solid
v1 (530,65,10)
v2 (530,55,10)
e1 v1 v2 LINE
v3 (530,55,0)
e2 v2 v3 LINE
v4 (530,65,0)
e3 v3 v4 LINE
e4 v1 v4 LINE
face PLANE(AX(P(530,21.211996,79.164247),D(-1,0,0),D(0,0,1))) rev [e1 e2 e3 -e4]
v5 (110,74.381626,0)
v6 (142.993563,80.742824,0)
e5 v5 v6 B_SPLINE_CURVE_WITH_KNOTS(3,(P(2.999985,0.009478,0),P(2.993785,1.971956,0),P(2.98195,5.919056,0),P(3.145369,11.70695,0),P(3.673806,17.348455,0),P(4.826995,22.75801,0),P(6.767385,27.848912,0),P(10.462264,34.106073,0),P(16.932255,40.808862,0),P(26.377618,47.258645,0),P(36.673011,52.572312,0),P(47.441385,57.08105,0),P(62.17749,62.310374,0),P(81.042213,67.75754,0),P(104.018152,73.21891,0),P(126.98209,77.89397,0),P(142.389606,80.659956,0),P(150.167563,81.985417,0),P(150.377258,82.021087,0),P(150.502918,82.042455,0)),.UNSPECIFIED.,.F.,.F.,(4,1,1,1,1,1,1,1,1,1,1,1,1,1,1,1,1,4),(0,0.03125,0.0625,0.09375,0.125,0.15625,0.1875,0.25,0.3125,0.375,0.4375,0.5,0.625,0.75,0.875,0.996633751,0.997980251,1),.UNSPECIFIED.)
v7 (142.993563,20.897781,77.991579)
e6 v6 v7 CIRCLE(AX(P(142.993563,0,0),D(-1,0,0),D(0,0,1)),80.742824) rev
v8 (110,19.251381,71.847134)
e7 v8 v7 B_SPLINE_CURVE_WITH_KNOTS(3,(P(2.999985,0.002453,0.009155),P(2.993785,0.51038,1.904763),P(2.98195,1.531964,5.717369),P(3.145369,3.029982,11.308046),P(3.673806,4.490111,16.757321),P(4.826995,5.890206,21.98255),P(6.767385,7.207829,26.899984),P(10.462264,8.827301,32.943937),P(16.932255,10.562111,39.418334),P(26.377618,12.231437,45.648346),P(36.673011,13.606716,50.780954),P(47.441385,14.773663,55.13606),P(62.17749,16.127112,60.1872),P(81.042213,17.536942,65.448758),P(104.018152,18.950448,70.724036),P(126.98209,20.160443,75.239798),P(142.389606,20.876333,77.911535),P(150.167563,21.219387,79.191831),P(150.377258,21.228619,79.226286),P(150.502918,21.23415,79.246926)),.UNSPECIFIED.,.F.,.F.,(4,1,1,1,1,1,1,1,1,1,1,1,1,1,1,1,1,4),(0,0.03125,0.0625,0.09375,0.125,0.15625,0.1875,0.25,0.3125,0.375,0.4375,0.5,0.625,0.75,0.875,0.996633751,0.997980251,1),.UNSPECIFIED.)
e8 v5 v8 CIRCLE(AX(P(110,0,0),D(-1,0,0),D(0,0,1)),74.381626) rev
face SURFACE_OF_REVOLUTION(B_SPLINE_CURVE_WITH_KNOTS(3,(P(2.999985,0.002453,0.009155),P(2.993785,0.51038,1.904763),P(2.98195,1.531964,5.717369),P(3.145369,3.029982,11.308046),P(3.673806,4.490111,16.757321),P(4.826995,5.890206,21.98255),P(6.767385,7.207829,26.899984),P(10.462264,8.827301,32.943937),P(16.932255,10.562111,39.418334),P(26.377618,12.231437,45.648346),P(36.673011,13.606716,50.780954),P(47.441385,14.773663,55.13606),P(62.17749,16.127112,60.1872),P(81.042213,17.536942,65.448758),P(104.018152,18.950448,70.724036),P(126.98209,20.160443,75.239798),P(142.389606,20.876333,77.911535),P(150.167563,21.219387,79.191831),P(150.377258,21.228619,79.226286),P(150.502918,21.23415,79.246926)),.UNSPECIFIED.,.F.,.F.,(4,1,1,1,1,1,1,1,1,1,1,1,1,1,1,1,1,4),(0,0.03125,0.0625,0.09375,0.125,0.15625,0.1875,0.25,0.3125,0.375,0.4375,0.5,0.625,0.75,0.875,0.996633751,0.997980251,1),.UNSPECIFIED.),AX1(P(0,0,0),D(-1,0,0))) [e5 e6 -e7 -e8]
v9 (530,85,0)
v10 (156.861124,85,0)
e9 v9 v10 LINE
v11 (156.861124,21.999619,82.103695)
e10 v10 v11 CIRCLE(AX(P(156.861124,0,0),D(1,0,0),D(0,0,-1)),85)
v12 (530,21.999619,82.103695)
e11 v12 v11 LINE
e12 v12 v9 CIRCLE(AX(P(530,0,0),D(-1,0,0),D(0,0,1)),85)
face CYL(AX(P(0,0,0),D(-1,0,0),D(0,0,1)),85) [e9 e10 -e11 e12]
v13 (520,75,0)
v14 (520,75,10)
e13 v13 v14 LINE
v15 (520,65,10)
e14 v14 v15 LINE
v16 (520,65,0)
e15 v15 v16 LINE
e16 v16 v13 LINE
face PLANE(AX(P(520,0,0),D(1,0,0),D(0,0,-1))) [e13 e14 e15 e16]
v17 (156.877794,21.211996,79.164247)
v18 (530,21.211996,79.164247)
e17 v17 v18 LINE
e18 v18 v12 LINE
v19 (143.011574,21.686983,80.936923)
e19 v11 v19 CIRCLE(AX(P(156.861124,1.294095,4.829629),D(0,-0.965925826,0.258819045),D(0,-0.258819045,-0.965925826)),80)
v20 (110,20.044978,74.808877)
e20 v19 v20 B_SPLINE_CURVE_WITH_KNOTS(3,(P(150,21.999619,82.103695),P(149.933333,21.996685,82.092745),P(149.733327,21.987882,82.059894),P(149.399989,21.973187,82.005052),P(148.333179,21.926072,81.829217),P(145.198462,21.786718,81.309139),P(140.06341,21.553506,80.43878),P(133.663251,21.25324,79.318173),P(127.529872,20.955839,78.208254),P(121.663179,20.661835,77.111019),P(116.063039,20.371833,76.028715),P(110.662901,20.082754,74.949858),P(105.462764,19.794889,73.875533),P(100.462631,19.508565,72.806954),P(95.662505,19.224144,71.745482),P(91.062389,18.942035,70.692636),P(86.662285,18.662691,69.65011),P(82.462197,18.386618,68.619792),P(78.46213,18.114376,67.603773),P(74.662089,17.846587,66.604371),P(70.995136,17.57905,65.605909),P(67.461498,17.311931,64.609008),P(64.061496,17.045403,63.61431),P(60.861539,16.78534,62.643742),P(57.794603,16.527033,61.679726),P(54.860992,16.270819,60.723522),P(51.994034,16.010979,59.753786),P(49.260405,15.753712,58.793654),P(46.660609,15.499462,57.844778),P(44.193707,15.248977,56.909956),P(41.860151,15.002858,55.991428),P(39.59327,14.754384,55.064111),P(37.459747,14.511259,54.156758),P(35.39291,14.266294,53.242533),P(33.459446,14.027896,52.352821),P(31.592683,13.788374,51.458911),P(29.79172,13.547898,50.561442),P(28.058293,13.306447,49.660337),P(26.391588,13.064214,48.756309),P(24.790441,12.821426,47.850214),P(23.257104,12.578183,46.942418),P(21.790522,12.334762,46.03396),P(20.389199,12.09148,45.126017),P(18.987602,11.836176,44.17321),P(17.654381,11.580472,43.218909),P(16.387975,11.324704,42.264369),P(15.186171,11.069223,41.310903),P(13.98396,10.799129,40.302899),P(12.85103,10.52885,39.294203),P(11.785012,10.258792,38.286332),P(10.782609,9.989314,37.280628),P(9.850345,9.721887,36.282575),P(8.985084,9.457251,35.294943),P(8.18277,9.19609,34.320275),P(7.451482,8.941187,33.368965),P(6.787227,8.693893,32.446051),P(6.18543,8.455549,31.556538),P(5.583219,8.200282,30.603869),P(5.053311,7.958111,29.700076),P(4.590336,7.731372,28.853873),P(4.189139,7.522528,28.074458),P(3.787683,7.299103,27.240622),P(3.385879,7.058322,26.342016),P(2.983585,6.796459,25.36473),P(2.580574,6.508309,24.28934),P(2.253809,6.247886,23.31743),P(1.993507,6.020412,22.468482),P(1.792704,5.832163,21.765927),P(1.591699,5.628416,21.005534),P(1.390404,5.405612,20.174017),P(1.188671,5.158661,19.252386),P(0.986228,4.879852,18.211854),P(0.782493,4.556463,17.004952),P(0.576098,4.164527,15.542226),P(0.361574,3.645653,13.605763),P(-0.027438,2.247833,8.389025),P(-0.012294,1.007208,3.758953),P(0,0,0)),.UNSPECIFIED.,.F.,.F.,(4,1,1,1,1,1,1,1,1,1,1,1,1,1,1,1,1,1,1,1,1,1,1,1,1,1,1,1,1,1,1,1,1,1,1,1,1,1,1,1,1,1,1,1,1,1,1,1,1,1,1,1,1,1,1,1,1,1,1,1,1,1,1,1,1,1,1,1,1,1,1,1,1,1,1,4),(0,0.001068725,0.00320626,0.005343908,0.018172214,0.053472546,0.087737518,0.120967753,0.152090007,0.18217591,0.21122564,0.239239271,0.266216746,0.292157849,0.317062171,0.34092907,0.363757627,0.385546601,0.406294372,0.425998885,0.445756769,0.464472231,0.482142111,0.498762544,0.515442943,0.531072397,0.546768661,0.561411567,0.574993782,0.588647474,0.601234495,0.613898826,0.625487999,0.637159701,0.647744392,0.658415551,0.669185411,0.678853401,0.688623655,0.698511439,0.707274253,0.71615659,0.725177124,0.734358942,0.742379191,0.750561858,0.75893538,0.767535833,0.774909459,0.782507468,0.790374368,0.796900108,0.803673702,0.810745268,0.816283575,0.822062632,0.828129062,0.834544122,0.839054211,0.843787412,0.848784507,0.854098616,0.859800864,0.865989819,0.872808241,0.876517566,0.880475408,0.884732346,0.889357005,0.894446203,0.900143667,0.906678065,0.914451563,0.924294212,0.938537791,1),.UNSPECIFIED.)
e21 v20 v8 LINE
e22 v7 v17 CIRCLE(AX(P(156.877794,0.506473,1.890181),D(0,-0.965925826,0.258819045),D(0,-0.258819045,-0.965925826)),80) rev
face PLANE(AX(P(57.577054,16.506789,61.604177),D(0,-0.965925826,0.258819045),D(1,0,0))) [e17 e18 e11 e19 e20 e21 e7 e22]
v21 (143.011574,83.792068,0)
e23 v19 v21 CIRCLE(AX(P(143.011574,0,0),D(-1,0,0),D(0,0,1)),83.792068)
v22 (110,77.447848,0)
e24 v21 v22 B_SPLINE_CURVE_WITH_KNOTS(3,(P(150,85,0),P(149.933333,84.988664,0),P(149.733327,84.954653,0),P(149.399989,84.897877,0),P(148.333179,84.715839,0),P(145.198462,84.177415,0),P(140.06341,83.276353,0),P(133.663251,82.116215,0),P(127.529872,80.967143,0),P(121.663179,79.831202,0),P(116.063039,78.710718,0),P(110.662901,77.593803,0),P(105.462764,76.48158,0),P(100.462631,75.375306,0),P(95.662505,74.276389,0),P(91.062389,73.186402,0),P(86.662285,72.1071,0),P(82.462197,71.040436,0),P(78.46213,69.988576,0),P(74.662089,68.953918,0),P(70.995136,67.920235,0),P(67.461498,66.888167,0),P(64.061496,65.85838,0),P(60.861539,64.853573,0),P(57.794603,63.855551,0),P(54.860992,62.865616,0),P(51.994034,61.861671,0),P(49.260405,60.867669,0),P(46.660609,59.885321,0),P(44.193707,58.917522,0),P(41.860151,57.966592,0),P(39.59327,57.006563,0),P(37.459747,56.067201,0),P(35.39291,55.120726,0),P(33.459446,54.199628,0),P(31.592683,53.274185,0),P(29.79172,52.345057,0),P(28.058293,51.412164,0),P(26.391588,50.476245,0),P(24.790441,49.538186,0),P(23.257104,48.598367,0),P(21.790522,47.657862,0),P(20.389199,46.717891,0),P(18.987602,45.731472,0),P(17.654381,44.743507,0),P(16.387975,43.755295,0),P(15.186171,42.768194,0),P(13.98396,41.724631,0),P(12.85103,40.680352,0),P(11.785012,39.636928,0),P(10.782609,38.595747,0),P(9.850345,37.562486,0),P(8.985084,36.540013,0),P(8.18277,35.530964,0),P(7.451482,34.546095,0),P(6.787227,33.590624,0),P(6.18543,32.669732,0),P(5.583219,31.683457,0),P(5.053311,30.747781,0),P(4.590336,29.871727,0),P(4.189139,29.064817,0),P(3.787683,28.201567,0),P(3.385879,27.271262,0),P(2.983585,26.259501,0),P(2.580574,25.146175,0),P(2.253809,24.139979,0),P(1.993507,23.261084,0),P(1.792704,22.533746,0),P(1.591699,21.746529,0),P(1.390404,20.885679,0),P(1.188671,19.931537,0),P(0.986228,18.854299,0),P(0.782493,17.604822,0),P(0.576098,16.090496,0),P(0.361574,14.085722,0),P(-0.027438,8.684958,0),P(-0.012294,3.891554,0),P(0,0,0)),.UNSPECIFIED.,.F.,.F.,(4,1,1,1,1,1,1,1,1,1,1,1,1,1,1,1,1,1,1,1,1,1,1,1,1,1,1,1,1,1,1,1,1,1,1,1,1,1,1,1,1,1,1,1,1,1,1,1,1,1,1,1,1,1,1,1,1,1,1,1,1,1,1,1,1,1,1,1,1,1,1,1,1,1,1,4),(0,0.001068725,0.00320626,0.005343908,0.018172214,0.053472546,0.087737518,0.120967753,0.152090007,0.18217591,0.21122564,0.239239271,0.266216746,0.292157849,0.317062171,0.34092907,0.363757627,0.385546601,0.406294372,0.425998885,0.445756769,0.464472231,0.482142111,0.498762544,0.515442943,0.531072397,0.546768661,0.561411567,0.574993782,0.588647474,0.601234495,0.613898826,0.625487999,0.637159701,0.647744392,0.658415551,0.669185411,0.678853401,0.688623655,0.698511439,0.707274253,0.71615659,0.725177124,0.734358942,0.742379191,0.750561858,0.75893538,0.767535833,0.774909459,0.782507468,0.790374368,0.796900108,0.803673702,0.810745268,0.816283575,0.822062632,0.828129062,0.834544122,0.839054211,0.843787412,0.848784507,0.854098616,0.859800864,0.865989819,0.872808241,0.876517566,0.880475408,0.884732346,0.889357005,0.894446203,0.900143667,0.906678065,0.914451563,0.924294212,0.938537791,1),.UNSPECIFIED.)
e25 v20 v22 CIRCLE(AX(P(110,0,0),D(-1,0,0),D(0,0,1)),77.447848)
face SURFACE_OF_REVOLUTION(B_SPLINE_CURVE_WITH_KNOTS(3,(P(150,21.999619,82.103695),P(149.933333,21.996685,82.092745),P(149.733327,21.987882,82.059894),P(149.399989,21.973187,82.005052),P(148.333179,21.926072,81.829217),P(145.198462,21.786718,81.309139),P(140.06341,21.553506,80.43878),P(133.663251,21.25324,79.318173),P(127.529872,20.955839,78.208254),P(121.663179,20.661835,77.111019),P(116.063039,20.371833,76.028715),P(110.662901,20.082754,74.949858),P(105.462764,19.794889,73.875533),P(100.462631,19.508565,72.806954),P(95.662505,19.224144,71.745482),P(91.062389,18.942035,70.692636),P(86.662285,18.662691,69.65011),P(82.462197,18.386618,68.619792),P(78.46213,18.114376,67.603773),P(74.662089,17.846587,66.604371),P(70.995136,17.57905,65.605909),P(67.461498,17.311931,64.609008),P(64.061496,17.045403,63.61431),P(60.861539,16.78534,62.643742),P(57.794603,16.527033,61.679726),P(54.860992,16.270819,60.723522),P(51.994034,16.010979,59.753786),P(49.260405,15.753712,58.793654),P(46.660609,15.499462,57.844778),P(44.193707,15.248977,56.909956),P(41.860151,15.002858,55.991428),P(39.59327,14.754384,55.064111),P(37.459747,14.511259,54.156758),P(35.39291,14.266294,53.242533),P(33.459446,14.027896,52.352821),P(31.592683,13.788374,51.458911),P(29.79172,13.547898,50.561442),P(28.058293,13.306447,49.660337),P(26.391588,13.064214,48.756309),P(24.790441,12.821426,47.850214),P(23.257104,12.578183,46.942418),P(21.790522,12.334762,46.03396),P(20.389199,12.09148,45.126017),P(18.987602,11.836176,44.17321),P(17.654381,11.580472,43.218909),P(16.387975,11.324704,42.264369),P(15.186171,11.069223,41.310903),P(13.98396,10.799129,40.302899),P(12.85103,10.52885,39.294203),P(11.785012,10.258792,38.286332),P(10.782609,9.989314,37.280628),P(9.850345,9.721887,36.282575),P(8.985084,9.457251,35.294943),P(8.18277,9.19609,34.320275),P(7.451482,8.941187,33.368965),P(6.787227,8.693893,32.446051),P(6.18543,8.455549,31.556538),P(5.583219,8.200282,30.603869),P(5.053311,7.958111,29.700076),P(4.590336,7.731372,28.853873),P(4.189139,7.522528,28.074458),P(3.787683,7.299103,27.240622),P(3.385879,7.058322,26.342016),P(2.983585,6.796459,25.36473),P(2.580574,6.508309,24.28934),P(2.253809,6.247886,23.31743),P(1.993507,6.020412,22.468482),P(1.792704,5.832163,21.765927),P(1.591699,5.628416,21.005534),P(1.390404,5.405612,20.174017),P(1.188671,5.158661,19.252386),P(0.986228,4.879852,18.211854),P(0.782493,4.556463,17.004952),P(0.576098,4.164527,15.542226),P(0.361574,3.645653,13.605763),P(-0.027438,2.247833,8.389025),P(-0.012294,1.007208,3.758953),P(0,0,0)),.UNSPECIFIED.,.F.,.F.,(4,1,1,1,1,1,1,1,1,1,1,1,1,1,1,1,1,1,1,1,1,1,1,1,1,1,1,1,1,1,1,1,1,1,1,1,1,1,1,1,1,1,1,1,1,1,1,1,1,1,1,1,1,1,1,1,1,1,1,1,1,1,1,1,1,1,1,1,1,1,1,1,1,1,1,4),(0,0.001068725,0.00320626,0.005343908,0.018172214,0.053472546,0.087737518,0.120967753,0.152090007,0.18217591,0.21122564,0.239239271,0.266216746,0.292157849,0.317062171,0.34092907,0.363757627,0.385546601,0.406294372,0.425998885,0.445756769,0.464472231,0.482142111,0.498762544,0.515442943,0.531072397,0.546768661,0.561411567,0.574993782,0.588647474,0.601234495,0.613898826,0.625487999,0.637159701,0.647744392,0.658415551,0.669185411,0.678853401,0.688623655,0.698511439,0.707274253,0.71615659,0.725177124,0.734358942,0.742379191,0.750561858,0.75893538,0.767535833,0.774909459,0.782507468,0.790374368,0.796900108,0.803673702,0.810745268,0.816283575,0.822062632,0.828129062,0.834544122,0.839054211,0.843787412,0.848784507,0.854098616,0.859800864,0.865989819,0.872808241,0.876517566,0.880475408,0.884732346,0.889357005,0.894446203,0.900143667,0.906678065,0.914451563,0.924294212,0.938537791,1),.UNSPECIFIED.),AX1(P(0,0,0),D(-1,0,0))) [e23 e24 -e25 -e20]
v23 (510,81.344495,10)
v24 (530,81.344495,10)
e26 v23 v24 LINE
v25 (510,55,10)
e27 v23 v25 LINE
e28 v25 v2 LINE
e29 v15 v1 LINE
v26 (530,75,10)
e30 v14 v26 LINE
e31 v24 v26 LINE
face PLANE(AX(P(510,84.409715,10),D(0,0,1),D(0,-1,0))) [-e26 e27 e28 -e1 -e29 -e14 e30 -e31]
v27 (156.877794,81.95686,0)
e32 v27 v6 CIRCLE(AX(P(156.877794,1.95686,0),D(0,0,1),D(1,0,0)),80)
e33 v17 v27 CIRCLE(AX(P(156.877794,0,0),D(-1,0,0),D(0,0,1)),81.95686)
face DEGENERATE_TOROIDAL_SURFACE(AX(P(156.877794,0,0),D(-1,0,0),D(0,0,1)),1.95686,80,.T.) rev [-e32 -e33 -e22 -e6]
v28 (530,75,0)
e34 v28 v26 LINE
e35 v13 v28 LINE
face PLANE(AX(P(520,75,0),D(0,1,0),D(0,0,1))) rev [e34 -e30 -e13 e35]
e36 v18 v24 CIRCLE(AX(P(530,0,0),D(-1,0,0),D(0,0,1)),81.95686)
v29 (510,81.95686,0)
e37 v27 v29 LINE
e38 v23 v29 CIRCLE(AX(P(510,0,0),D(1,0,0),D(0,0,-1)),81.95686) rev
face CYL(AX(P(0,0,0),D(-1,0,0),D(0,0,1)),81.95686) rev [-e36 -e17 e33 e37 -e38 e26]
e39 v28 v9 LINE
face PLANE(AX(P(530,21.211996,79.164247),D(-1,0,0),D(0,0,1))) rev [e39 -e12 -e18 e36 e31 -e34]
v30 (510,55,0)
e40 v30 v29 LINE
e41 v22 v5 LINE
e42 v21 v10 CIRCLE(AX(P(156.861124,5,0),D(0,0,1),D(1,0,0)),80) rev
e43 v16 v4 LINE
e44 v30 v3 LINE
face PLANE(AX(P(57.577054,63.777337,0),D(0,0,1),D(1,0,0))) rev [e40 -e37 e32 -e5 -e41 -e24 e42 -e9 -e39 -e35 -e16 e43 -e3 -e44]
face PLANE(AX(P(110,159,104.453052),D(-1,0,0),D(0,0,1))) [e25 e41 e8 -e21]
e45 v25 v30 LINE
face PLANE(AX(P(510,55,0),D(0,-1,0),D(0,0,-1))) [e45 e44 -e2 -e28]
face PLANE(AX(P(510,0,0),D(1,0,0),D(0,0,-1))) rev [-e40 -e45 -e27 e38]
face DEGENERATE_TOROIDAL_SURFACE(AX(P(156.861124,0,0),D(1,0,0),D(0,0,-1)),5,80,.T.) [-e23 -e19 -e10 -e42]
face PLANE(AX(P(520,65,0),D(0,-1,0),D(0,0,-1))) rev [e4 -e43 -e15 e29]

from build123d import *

# Parameters (mm, degrees)
REVOLVE1_ANGLE      = 75
FILLET1_R           = 80
FILLET2_R           = 80
SKETCH3_W           = 220
SKETCH3_H           = 208.906104004
CUT_EXTRUDE3_DEPTH  = 159
BOSS_EXTRUDE1_START = -20
BOSS_EXTRUDE1_DEPTH = 20
SKETCH6_W           = 10
SKETCH6_H           = 10
CUT_EXTRUDE4_DEPTH  = 10


with BuildPart() as part:
    # Sketch1 → Revolve1 (revolve)
    with BuildSketch(Plane.XY):
        with BuildLine():
            Line((0, 0), (3.000014971, 0))
            Line((3.000014971, 0), (2.999985029, 0.009477573))
            add(Edge.make_bspline(
                [(2.999985029, 0.009477573), (2.993785153, 1.971956174), (2.98195041, 5.919056141), (3.145368661, 11.706950418), (3.673805689, 17.348455242), (4.826995442, 22.758009885), (6.767385374, 27.848912294), (10.462264152, 34.106073266), (16.932254921, 40.80886219), (26.377617743, 47.258644811), (36.67301066, 52.572311975), (47.441384771, 57.081049673), (62.17748954, 62.31037411), (81.042213455, 67.757539775), (104.018152235, 73.218909741), (126.982089983, 77.893970447), (142.347775171, 80.65244689), (149.958103424, 81.949720096), (150, 81.956859546)],
                knots=[0, 0, 0, 0, 0.03125, 0.0625, 0.09375, 0.125, 0.15625, 0.1875, 0.25, 0.3125, 0.375, 0.4375, 0.5, 0.625, 0.75, 0.875, 0.996633751, 0.997307001, 0.997307001, 0.997307001, 0.997307001], degree=3))
            Line((150, 81.956859546), (530, 81.956859546))
            Line((530, 81.956859546), (530, 85))
            Line((530, 85), (150, 85))
            add(Edge.make_bspline(
                [(0, 0), (-0.012294225, 3.891554312), (-0.027437579, 8.684958126), (0.361573767, 14.085722357), (0.576098453, 16.090496183), (0.782493435, 17.604822189), (0.986227589, 18.854298664), (1.188670863, 19.931536976), (1.390404268, 20.885679324), (1.591698837, 21.746529091), (1.792703864, 22.533746067), (1.993507167, 23.261083862), (2.253808552, 24.139979457), (2.580573656, 25.146175179), (2.983585386, 26.259501153), (3.385879093, 27.271261727), (3.787683439, 28.201566994), (4.189138614, 29.064817448), (4.590335615, 29.871726974), (5.05331092, 30.74778076), (5.583218589, 31.683457084), (6.185429632, 32.669732492), (6.787226927, 33.590624245), (7.451481511, 34.546094958), (8.182770444, 35.530963646), (8.985083876, 36.540013411), (9.850344603, 37.562485558), (10.782608842, 38.595746542), (11.785011743, 39.636928062), (12.851029789, 40.680352273), (13.983960321, 41.72463117), (15.186170623, 42.768194245), (16.387975322, 43.755294725), (17.654380903, 44.743506811), (18.987602276, 45.731471932), (20.389198856, 46.717890971), (21.790522044, 47.657861765), (23.257103599, 48.59836715), (24.790441056, 49.538186318), (26.391587757, 50.476245251), (28.05829275, 51.412163763), (29.791720393, 52.345056651), (31.59268286, 53.274185034), (33.459445798, 54.199628429), (35.392909821, 55.120726442), (37.459746918, 56.067201212), (39.59327023, 57.006562681), (41.860151348, 57.96659169), (44.193707143, 58.917521836), (46.660609333, 59.885320784), (49.260404933, 60.867669295), (51.99403381, 61.861671206), (54.860992187, 62.865616104), (57.794602823, 63.85555089), (60.861539281, 64.853573463), (64.06149587, 65.858380358), (67.461497598, 66.888166734), (70.995135905, 67.920234745), (74.662088876, 68.953918346), (78.462130407, 69.988575944), (82.462197069, 71.040436012), (86.662284614, 72.107100186), (91.062388571, 73.18640193), (95.662505252, 74.276388609), (100.462631288, 75.375305679), (105.462763855, 76.481579791), (110.662900527, 77.593803027), (116.063039296, 78.710717608), (121.663178505, 79.831201671), (127.529872228, 80.967142806), (133.663251007, 82.116215238), (140.063409966, 83.276352633), (145.198462089, 84.177415336), (148.333178957, 84.715838785), (149.39998937, 84.897876633), (149.733326587, 84.954653305), (149.933332963, 84.98866355), (150, 85)],
                knots=[0, 0, 0, 0, 0.061462209, 0.075705788, 0.085548437, 0.093321935, 0.099856333, 0.105553797, 0.110642995, 0.115267654, 0.119524592, 0.123482434, 0.127191759, 0.134010181, 0.140199136, 0.145901384, 0.151215493, 0.156212588, 0.160945789, 0.165455878, 0.171870938, 0.177937368, 0.183716425, 0.189254732, 0.196326298, 0.203099892, 0.209625632, 0.217492532, 0.225090541, 0.232464167, 0.24106462, 0.249438142, 0.257620809, 0.265641058, 0.274822876, 0.28384341, 0.292725747, 0.301488561, 0.311376345, 0.321146599, 0.330814589, 0.341584449, 0.352255608, 0.362840299, 0.374512001, 0.386101174, 0.398765505, 0.411352526, 0.425006218, 0.438588433, 0.453231339, 0.468927603, 0.484557057, 0.501237456, 0.517857889, 0.535527769, 0.554243231, 0.574001115, 0.593705628, 0.614453399, 0.636242373, 0.65907093, 0.682937829, 0.707842151, 0.733783254, 0.760760729, 0.78877436, 0.81782409, 0.847909993, 0.879032247, 0.912262482, 0.946527454, 0.981827786, 0.994656092, 0.99679374, 0.998931275, 1, 1, 1, 1], degree=3))
        make_face()
    revolve(axis=Axis((0, 0, 0), (1, 0, 0)), revolution_arc=REVOLVE1_ANGLE)

    # Fillet1
    fillet1_edges = [part.edges().sort_by_distance(p)[0] for p in [
        (150, 65.020748281, 49.892174934),
    ]]
    fillet(fillet1_edges, radius=FILLET1_R)

    # Fillet2
    fillet2_edges = [part.edges().sort_by_distance(p)[0] for p in [
        (150, 67.435033925, 51.744721466),
    ]]
    fillet(fillet2_edges, radius=FILLET2_R)

    # Sketch3 → Cut-Extrude3 (cut)
    with BuildSketch(Plane(origin=(0, 0, 0), x_dir=(1, 0, 0), z_dir=(0, 1, 0))):
        Rectangle(SKETCH3_W, SKETCH3_H)
    extrude(amount=CUT_EXTRUDE3_DEPTH, mode=Mode.SUBTRACT)

    # Sketch5 → Boss-Extrude1 (add)
    with BuildSketch(Plane(origin=(530, 0, 0), x_dir=(0, 0, -1), z_dir=(1, 0, 0)).offset(BOSS_EXTRUDE1_START)):
        with BuildLine():
            Line((0, 85), (0, 55))
            Line((0, 55), (-10, 55))
            Line((-10, 55), (-10, 84.409715081))
            ThreePointArc((-10, 84.409715081), (-5.008703332, 84.852300446), (0, 85))
        make_face()
    extrude(amount=BOSS_EXTRUDE1_DEPTH)

    # Sketch6 → Cut-Extrude4 (cut)
    with BuildSketch(Plane(origin=(530, 0, 0), x_dir=(0, 0, -1), z_dir=(1, 0, 0))):
        with Locations((-5, 70)):
            Rectangle(SKETCH6_W, SKETCH6_H)
    extrude(amount=-CUT_EXTRUDE4_DEPTH, mode=Mode.SUBTRACT)


solid = part.part
